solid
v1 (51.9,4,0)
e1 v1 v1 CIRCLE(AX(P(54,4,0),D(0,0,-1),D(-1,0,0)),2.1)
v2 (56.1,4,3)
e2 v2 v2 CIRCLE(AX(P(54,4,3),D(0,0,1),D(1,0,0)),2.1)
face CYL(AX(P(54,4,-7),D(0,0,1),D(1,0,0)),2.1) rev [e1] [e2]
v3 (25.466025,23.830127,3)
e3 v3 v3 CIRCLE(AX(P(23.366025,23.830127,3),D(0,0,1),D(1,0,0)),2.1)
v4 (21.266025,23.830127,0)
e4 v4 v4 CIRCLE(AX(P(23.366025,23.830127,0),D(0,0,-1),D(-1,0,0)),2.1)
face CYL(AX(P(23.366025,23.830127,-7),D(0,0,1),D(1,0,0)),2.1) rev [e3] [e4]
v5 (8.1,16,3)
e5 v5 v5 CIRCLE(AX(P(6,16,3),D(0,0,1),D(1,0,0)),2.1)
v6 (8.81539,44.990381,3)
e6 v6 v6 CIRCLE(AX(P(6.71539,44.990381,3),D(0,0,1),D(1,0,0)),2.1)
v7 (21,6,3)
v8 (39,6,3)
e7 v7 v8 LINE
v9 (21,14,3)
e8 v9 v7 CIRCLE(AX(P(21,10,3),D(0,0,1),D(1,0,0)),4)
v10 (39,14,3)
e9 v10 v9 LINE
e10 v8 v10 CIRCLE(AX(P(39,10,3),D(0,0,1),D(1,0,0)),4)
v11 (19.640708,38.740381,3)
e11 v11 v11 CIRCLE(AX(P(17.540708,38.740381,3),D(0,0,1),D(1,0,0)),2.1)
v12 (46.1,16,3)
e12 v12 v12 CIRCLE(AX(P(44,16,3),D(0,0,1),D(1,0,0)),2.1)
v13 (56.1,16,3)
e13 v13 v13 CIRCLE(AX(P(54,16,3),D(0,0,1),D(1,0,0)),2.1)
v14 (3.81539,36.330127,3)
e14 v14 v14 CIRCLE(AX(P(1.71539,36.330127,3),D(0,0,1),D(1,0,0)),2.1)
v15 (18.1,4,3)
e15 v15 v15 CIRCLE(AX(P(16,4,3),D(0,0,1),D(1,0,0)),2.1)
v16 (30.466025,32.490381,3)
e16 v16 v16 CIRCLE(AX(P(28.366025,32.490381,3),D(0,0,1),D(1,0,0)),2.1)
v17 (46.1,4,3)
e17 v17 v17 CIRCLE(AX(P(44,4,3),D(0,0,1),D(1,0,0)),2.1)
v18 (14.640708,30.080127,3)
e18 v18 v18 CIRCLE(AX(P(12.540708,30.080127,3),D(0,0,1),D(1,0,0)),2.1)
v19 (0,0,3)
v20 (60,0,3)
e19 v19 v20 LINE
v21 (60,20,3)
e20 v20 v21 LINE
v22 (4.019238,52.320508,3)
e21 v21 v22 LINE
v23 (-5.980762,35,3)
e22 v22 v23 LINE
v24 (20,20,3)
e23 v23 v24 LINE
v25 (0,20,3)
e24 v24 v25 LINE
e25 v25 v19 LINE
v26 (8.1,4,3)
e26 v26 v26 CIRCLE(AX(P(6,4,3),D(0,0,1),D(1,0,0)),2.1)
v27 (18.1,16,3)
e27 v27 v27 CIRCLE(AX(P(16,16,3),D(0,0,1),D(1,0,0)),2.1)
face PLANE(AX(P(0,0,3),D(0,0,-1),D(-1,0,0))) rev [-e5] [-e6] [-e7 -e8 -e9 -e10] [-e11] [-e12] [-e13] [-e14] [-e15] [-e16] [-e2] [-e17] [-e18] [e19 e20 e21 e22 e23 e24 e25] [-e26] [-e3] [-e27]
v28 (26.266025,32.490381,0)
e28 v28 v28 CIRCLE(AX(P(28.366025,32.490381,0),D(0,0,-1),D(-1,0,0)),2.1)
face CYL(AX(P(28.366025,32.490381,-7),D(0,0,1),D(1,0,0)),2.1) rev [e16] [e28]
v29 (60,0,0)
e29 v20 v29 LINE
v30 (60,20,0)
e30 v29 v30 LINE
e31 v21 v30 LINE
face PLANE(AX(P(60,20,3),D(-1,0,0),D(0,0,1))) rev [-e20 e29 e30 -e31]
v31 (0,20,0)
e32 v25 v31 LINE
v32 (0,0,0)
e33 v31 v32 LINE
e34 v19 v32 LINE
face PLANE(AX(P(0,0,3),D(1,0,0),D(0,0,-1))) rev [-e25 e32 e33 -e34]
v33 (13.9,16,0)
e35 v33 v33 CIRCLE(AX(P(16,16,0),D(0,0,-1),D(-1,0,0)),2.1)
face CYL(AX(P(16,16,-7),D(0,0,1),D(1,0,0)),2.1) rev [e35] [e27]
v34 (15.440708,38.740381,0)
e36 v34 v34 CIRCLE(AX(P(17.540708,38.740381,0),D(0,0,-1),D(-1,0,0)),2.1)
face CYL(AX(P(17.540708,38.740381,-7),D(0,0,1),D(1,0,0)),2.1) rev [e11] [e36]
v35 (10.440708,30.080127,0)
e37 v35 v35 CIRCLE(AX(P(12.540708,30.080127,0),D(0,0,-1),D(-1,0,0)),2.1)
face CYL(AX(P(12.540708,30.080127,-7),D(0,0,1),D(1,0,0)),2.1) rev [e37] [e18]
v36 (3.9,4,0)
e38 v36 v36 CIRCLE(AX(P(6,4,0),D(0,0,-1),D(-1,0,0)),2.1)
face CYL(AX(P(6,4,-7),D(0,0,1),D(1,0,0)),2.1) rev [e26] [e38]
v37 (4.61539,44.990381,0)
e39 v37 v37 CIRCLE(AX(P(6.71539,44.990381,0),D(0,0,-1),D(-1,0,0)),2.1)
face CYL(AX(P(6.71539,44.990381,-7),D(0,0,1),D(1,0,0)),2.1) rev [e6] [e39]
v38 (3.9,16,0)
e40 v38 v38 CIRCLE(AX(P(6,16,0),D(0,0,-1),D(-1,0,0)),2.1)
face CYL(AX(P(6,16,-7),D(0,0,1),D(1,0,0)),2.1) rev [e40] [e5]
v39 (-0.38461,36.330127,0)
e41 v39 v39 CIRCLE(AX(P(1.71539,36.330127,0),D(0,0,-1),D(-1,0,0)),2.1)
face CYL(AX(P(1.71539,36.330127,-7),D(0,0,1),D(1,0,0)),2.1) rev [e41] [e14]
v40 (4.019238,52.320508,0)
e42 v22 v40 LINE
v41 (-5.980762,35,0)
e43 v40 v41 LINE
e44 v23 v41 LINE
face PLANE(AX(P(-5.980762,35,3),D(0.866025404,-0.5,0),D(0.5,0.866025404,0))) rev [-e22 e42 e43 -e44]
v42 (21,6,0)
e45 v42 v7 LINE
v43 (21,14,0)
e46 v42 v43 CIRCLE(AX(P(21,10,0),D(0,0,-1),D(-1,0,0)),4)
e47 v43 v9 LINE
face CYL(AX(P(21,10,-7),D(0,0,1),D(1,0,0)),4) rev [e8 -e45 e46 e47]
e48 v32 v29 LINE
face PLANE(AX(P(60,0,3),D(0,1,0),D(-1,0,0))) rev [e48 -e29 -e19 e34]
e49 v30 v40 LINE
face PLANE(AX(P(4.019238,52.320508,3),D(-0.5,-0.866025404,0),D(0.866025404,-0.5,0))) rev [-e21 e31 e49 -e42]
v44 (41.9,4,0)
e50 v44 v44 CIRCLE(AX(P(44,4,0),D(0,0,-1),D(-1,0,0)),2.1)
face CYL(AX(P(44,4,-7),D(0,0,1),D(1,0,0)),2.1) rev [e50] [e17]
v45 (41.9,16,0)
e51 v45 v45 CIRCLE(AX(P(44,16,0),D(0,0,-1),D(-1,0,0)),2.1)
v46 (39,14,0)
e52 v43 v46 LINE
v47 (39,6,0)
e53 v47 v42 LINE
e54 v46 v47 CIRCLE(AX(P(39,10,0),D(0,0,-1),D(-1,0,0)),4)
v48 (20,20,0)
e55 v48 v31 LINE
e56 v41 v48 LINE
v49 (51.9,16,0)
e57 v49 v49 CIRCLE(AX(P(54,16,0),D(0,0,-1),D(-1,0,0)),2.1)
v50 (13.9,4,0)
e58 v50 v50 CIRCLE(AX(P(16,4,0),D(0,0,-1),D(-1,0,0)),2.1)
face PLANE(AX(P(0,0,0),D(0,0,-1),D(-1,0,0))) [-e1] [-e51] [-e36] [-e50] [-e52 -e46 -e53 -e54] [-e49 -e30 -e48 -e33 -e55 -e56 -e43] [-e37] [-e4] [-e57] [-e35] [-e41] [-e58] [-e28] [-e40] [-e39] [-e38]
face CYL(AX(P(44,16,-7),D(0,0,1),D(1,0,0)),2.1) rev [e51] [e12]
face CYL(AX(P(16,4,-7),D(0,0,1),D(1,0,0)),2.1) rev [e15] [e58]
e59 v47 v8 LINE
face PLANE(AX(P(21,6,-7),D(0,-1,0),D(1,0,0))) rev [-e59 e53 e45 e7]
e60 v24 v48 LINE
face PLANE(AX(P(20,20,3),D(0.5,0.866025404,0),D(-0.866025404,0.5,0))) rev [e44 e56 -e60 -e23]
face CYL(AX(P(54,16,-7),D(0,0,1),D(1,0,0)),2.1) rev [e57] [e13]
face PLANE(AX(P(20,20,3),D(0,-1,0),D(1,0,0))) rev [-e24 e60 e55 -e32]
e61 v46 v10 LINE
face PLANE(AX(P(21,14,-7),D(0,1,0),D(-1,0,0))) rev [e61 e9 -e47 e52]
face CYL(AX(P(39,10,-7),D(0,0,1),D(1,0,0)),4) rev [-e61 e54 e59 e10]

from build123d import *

# Parameters (mm, degrees)
EXTRUDE_1_DEPTH     = 3
SKETCH_2_R          = 2.1
CUT_EXTRUDE_1_DEPTH = 10


with BuildPart() as part:
    # 草图1 → 凸台-拉伸1 (new body)
    with BuildSketch(Plane.XY):
        Polygon((60, 0), (0, 0), (0, 20), (20, 20), (-5.980762114, 35), (4.019237886, 52.320508076), (60, 20), align=None)
    extrude(amount=EXTRUDE_1_DEPTH)

    # 草图2 → 切除-拉伸1 (cut)
    with BuildSketch(Plane.XY.offset(3)):
        with Locations((6.715390309, 44.990381057)):
            Circle(SKETCH_2_R)
        with Locations((1.715390309, 36.330127019)):
            Circle(SKETCH_2_R)
        with Locations((17.540707856, 38.740381057)):
            Circle(SKETCH_2_R)
        with Locations((12.540707856, 30.080127019)):
            Circle(SKETCH_2_R)
        with Locations((23.366025404, 23.830127019)):
            Circle(SKETCH_2_R)
        with Locations((28.366025404, 32.490381057)):
            Circle(SKETCH_2_R)
        with Locations((6, 16)):
            Circle(SKETCH_2_R)
        with Locations((6, 4)):
            Circle(SKETCH_2_R)
        with Locations((54, 16)):
            Circle(SKETCH_2_R)
        with Locations((54, 4)):
            Circle(SKETCH_2_R)
        with Locations((16, 16)):
            Circle(SKETCH_2_R)
        with Locations((16, 4)):
            Circle(SKETCH_2_R)
        with Locations((44, 16)):
            Circle(SKETCH_2_R)
        with Locations((44, 4)):
            Circle(SKETCH_2_R)
        with BuildLine():
            Line((21, 14), (39, 14))
            ThreePointArc((39, 14), (43, 10), (39, 6))
            Line((39, 6), (21, 6))
            ThreePointArc((21, 6), (17, 10), (21, 14))
        make_face()
    extrude(amount=-CUT_EXTRUDE_1_DEPTH, mode=Mode.SUBTRACT)


solid = part.part
